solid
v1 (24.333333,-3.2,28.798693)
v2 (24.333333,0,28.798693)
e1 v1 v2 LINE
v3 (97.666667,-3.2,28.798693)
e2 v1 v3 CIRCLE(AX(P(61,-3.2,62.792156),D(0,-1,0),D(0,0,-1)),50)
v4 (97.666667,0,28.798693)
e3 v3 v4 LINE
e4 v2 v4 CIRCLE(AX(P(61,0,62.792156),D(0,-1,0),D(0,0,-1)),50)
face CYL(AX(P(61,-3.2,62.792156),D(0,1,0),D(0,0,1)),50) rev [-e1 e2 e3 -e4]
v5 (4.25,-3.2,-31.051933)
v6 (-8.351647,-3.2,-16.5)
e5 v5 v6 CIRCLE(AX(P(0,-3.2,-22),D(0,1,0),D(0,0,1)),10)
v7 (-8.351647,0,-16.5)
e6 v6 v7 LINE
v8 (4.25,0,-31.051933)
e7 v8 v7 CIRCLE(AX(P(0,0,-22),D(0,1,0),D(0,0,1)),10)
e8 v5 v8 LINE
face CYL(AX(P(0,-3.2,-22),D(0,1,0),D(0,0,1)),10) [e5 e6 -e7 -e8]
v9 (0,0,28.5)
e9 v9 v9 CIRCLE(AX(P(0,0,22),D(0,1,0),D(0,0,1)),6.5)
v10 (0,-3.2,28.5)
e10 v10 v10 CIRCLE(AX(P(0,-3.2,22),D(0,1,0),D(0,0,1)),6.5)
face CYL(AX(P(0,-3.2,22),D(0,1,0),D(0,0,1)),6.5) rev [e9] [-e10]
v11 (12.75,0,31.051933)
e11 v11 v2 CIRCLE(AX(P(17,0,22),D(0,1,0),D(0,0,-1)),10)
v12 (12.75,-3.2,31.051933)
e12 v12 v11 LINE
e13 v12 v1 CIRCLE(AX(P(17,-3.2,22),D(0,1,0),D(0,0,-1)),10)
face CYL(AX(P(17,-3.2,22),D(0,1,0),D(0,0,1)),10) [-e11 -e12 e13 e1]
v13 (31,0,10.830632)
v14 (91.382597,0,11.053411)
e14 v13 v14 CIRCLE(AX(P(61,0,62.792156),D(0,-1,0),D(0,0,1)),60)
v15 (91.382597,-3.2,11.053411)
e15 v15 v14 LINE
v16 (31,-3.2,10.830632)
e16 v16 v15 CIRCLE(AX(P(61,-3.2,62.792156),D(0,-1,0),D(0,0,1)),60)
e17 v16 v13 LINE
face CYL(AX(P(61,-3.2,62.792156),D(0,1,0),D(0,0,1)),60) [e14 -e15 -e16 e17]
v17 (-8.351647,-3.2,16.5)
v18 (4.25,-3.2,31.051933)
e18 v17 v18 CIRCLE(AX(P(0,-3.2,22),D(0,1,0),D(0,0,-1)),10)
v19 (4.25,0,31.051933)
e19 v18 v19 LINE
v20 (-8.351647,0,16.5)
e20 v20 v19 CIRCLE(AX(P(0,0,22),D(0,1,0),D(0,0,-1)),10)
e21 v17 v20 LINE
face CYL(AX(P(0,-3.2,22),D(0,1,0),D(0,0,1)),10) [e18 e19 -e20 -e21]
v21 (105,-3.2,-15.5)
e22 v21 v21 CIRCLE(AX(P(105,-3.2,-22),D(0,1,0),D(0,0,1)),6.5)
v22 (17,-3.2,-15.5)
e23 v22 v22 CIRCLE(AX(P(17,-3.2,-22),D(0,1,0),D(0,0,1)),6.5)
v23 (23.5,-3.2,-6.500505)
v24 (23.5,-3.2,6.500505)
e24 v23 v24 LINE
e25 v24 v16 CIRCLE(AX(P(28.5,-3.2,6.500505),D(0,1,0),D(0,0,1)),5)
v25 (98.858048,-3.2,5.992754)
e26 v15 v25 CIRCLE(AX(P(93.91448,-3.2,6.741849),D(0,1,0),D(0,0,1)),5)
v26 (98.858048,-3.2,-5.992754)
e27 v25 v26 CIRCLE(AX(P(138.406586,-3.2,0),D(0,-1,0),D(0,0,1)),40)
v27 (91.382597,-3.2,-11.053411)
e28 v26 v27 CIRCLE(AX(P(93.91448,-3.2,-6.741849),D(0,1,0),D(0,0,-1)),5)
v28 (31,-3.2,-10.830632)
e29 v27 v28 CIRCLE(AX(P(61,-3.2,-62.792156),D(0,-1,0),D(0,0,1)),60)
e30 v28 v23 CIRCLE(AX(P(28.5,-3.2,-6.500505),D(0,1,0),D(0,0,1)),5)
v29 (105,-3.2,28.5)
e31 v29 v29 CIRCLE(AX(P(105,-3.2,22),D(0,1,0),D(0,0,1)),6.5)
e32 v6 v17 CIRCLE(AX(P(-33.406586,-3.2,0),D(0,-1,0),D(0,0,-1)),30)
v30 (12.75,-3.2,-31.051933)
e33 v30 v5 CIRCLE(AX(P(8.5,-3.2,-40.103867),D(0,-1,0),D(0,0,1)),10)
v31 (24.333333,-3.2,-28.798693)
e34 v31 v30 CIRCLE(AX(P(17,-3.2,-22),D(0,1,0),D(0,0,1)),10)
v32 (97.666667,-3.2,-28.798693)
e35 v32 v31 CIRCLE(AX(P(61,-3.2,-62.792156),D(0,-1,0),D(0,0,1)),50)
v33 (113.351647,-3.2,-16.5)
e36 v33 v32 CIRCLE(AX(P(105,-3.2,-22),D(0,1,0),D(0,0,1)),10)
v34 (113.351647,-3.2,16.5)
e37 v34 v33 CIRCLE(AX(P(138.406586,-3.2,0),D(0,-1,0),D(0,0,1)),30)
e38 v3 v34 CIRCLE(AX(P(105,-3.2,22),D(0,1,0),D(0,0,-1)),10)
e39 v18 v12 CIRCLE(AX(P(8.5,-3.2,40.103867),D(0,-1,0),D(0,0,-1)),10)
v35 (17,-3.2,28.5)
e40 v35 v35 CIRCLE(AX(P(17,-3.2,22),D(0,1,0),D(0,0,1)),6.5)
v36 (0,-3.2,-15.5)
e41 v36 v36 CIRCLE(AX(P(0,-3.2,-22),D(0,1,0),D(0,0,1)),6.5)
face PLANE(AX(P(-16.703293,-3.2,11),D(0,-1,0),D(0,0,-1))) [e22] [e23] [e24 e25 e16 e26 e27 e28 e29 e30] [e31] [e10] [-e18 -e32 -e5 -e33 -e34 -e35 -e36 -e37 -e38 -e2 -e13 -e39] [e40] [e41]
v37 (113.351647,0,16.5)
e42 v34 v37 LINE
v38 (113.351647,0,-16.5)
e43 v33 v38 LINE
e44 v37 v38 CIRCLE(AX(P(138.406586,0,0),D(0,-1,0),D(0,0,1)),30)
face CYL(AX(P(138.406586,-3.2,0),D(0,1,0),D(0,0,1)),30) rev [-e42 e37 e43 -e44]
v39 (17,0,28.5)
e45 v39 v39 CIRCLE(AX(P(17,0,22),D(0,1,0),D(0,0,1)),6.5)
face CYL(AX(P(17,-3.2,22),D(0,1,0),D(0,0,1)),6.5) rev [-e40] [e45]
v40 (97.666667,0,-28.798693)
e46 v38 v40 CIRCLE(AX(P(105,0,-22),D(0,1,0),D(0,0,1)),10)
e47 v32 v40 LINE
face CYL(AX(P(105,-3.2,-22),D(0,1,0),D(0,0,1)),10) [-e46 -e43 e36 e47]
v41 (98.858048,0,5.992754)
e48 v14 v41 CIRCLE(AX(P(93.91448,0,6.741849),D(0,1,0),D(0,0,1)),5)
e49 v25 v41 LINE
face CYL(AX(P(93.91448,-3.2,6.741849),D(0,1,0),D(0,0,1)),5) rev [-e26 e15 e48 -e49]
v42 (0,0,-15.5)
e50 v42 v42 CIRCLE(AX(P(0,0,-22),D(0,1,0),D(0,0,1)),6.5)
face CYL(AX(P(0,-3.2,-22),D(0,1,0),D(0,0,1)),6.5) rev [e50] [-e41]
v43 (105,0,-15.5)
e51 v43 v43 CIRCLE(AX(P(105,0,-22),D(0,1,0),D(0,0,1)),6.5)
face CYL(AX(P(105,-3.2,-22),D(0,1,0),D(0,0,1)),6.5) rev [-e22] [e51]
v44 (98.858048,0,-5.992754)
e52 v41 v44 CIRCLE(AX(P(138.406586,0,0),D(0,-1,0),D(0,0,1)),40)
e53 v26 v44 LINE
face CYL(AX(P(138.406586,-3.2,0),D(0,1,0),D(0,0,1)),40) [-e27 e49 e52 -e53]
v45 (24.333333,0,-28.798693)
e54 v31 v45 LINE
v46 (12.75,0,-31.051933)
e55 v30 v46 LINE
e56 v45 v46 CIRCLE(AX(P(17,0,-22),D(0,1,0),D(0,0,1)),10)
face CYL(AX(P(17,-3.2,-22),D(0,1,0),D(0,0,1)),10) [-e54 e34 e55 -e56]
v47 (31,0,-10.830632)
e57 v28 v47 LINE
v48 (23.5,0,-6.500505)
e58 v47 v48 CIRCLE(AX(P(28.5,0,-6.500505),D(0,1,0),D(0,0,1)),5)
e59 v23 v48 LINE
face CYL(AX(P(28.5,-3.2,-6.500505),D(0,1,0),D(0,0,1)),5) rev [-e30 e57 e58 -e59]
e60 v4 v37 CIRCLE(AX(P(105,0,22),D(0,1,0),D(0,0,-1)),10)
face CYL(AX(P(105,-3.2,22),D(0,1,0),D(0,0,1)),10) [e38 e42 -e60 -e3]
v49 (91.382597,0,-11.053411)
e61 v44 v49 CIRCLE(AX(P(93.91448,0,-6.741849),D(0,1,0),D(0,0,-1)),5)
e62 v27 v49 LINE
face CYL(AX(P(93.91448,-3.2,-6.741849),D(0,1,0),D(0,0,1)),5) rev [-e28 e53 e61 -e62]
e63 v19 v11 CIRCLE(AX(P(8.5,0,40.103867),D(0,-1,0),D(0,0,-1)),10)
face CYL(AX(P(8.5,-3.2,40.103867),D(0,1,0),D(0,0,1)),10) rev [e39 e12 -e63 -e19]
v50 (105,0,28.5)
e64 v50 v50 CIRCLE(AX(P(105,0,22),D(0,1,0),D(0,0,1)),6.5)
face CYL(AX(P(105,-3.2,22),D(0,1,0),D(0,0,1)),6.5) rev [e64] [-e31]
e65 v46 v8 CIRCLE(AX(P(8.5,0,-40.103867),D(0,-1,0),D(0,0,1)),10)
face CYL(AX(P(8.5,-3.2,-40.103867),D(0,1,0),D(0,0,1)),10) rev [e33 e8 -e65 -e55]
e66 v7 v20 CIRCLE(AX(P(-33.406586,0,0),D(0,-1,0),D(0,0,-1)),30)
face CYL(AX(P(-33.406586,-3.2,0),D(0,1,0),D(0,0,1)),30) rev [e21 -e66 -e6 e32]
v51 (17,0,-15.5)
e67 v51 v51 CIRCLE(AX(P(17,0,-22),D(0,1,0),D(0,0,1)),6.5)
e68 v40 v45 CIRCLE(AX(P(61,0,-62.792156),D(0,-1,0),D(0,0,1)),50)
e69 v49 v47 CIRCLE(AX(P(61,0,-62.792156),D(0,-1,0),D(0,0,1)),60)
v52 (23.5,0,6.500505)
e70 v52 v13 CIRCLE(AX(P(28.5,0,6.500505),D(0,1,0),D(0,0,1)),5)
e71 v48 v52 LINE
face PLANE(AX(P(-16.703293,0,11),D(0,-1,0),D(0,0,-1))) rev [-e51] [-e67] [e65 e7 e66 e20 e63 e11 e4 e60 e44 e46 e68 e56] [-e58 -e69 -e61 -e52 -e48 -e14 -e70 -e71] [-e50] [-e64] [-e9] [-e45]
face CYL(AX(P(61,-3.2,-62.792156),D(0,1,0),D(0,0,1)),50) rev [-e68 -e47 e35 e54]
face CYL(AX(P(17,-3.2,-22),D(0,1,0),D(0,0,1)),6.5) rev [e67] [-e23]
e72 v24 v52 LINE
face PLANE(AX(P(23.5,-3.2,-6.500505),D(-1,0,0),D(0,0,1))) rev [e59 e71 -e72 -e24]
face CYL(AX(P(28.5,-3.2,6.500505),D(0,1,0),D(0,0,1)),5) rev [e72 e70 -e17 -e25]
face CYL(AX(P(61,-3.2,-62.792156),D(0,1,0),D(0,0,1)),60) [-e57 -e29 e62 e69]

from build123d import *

# Parameters (mm, degrees)
BASE_DEPTH    = 3.2
SKETCH2_R     = 6.5
HOLES_DEPTH   = 120.412059692
CUTAWAY_DEPTH = 120.412059692


with BuildPart() as part:
    # Sketch1 → base (new body)
    with BuildSketch(Plane(origin=(0, 0, 0), x_dir=(1, 0, 0), z_dir=(0, 1, 0))):
        with BuildLine():
            ThreePointArc((4.25, 31.051933495), (-7.559468778, 28.546329643), (-8.351646544, 16.5))
            ThreePointArc((-8.351646544, 16.5), (-3.406586177, 0), (-8.351646544, -16.5))
            ThreePointArc((-8.351646544, -16.5), (-7.559468778, -28.546329643), (4.25, -31.051933495))
            ThreePointArc((4.25, -31.051933495), (8.5, -30.10386699), (12.75, -31.051933495))
            ThreePointArc((12.75, -31.051933495), (18.909452709, -31.816006843), (24.333333333, -28.798692685))
            ThreePointArc((24.333333333, -28.798692685), (61, -12.792156109), (97.666666667, -28.798692685))
            ThreePointArc((97.666666667, -28.798692685), (111.170389039, -29.869326471), (113.351646544, -16.5))
            ThreePointArc((113.351646544, -16.5), (108.406586177, 0), (113.351646544, 16.5))
            ThreePointArc((113.351646544, 16.5), (111.170389039, 29.869326471), (97.666666667, 28.798692685))
            ThreePointArc((97.666666667, 28.798692685), (61, 12.792156109), (24.333333333, 28.798692685))
            ThreePointArc((24.333333333, 28.798692685), (18.909452709, 31.816006843), (12.75, 31.051933495))
            ThreePointArc((12.75, 31.051933495), (8.5, 30.10386699), (4.25, 31.051933495))
        make_face()
    extrude(amount=-BASE_DEPTH)

    # Sketch2 → holes (cut, through all)
    with BuildSketch(Plane(origin=(0, 0, 0), x_dir=(1, 0, 0), z_dir=(0, 1, 0))):
        with Locations(Location((0, 22, 0), (0, 0, 270))):
            Circle(SKETCH2_R)
        with Locations(Location((17, 22, 0), (0, 0, 270))):
            Circle(SKETCH2_R)
        with Locations(Location((105, 22, 0), (0, 0, 270))):
            Circle(SKETCH2_R)
        with Locations(Location((105, -22, 0), (0, 0, 270))):
            Circle(SKETCH2_R)
        with Locations(Location((17, -22, 0), (0, 0, 270))):
            Circle(SKETCH2_R)
        with Locations(Location((0, -22, 0), (0, 0, 270))):
            Circle(SKETCH2_R)
    extrude(amount=-HOLES_DEPTH, mode=Mode.SUBTRACT)

    # Sketch3 → cutaway (cut, through all)
    with BuildSketch(Plane(origin=(0, 0, 0), x_dir=(-1, 0, 0), z_dir=(0, 1, 0))):
        with BuildLine():
            Line((-23.5, -6.500504863), (-23.5, 6.500504863))
            ThreePointArc((-23.5, 6.500504863), (-26, 10.830631882), (-31, 10.830631882))
            ThreePointArc((-31, 10.830631882), (-61.221365673, 2.792564466), (-91.38259727, 11.053410636))
            ThreePointArc((-91.38259727, 11.053410636), (-96.717445945, 10.882305495), (-98.858047687, 5.992754234))
            ThreePointArc((-98.858047687, 5.992754234), (-98.406586177, 0), (-98.858047687, -5.992754234))
            ThreePointArc((-98.858047687, -5.992754234), (-96.717445945, -10.882305495), (-91.38259727, -11.053410636))
            ThreePointArc((-91.38259727, -11.053410636), (-61.221365673, -2.792564466), (-31, -10.830631882))
            ThreePointArc((-31, -10.830631882), (-26, -10.830631882), (-23.5, -6.500504863))
        make_face()
    extrude(amount=-CUTAWAY_DEPTH, mode=Mode.SUBTRACT)


solid = part.part
